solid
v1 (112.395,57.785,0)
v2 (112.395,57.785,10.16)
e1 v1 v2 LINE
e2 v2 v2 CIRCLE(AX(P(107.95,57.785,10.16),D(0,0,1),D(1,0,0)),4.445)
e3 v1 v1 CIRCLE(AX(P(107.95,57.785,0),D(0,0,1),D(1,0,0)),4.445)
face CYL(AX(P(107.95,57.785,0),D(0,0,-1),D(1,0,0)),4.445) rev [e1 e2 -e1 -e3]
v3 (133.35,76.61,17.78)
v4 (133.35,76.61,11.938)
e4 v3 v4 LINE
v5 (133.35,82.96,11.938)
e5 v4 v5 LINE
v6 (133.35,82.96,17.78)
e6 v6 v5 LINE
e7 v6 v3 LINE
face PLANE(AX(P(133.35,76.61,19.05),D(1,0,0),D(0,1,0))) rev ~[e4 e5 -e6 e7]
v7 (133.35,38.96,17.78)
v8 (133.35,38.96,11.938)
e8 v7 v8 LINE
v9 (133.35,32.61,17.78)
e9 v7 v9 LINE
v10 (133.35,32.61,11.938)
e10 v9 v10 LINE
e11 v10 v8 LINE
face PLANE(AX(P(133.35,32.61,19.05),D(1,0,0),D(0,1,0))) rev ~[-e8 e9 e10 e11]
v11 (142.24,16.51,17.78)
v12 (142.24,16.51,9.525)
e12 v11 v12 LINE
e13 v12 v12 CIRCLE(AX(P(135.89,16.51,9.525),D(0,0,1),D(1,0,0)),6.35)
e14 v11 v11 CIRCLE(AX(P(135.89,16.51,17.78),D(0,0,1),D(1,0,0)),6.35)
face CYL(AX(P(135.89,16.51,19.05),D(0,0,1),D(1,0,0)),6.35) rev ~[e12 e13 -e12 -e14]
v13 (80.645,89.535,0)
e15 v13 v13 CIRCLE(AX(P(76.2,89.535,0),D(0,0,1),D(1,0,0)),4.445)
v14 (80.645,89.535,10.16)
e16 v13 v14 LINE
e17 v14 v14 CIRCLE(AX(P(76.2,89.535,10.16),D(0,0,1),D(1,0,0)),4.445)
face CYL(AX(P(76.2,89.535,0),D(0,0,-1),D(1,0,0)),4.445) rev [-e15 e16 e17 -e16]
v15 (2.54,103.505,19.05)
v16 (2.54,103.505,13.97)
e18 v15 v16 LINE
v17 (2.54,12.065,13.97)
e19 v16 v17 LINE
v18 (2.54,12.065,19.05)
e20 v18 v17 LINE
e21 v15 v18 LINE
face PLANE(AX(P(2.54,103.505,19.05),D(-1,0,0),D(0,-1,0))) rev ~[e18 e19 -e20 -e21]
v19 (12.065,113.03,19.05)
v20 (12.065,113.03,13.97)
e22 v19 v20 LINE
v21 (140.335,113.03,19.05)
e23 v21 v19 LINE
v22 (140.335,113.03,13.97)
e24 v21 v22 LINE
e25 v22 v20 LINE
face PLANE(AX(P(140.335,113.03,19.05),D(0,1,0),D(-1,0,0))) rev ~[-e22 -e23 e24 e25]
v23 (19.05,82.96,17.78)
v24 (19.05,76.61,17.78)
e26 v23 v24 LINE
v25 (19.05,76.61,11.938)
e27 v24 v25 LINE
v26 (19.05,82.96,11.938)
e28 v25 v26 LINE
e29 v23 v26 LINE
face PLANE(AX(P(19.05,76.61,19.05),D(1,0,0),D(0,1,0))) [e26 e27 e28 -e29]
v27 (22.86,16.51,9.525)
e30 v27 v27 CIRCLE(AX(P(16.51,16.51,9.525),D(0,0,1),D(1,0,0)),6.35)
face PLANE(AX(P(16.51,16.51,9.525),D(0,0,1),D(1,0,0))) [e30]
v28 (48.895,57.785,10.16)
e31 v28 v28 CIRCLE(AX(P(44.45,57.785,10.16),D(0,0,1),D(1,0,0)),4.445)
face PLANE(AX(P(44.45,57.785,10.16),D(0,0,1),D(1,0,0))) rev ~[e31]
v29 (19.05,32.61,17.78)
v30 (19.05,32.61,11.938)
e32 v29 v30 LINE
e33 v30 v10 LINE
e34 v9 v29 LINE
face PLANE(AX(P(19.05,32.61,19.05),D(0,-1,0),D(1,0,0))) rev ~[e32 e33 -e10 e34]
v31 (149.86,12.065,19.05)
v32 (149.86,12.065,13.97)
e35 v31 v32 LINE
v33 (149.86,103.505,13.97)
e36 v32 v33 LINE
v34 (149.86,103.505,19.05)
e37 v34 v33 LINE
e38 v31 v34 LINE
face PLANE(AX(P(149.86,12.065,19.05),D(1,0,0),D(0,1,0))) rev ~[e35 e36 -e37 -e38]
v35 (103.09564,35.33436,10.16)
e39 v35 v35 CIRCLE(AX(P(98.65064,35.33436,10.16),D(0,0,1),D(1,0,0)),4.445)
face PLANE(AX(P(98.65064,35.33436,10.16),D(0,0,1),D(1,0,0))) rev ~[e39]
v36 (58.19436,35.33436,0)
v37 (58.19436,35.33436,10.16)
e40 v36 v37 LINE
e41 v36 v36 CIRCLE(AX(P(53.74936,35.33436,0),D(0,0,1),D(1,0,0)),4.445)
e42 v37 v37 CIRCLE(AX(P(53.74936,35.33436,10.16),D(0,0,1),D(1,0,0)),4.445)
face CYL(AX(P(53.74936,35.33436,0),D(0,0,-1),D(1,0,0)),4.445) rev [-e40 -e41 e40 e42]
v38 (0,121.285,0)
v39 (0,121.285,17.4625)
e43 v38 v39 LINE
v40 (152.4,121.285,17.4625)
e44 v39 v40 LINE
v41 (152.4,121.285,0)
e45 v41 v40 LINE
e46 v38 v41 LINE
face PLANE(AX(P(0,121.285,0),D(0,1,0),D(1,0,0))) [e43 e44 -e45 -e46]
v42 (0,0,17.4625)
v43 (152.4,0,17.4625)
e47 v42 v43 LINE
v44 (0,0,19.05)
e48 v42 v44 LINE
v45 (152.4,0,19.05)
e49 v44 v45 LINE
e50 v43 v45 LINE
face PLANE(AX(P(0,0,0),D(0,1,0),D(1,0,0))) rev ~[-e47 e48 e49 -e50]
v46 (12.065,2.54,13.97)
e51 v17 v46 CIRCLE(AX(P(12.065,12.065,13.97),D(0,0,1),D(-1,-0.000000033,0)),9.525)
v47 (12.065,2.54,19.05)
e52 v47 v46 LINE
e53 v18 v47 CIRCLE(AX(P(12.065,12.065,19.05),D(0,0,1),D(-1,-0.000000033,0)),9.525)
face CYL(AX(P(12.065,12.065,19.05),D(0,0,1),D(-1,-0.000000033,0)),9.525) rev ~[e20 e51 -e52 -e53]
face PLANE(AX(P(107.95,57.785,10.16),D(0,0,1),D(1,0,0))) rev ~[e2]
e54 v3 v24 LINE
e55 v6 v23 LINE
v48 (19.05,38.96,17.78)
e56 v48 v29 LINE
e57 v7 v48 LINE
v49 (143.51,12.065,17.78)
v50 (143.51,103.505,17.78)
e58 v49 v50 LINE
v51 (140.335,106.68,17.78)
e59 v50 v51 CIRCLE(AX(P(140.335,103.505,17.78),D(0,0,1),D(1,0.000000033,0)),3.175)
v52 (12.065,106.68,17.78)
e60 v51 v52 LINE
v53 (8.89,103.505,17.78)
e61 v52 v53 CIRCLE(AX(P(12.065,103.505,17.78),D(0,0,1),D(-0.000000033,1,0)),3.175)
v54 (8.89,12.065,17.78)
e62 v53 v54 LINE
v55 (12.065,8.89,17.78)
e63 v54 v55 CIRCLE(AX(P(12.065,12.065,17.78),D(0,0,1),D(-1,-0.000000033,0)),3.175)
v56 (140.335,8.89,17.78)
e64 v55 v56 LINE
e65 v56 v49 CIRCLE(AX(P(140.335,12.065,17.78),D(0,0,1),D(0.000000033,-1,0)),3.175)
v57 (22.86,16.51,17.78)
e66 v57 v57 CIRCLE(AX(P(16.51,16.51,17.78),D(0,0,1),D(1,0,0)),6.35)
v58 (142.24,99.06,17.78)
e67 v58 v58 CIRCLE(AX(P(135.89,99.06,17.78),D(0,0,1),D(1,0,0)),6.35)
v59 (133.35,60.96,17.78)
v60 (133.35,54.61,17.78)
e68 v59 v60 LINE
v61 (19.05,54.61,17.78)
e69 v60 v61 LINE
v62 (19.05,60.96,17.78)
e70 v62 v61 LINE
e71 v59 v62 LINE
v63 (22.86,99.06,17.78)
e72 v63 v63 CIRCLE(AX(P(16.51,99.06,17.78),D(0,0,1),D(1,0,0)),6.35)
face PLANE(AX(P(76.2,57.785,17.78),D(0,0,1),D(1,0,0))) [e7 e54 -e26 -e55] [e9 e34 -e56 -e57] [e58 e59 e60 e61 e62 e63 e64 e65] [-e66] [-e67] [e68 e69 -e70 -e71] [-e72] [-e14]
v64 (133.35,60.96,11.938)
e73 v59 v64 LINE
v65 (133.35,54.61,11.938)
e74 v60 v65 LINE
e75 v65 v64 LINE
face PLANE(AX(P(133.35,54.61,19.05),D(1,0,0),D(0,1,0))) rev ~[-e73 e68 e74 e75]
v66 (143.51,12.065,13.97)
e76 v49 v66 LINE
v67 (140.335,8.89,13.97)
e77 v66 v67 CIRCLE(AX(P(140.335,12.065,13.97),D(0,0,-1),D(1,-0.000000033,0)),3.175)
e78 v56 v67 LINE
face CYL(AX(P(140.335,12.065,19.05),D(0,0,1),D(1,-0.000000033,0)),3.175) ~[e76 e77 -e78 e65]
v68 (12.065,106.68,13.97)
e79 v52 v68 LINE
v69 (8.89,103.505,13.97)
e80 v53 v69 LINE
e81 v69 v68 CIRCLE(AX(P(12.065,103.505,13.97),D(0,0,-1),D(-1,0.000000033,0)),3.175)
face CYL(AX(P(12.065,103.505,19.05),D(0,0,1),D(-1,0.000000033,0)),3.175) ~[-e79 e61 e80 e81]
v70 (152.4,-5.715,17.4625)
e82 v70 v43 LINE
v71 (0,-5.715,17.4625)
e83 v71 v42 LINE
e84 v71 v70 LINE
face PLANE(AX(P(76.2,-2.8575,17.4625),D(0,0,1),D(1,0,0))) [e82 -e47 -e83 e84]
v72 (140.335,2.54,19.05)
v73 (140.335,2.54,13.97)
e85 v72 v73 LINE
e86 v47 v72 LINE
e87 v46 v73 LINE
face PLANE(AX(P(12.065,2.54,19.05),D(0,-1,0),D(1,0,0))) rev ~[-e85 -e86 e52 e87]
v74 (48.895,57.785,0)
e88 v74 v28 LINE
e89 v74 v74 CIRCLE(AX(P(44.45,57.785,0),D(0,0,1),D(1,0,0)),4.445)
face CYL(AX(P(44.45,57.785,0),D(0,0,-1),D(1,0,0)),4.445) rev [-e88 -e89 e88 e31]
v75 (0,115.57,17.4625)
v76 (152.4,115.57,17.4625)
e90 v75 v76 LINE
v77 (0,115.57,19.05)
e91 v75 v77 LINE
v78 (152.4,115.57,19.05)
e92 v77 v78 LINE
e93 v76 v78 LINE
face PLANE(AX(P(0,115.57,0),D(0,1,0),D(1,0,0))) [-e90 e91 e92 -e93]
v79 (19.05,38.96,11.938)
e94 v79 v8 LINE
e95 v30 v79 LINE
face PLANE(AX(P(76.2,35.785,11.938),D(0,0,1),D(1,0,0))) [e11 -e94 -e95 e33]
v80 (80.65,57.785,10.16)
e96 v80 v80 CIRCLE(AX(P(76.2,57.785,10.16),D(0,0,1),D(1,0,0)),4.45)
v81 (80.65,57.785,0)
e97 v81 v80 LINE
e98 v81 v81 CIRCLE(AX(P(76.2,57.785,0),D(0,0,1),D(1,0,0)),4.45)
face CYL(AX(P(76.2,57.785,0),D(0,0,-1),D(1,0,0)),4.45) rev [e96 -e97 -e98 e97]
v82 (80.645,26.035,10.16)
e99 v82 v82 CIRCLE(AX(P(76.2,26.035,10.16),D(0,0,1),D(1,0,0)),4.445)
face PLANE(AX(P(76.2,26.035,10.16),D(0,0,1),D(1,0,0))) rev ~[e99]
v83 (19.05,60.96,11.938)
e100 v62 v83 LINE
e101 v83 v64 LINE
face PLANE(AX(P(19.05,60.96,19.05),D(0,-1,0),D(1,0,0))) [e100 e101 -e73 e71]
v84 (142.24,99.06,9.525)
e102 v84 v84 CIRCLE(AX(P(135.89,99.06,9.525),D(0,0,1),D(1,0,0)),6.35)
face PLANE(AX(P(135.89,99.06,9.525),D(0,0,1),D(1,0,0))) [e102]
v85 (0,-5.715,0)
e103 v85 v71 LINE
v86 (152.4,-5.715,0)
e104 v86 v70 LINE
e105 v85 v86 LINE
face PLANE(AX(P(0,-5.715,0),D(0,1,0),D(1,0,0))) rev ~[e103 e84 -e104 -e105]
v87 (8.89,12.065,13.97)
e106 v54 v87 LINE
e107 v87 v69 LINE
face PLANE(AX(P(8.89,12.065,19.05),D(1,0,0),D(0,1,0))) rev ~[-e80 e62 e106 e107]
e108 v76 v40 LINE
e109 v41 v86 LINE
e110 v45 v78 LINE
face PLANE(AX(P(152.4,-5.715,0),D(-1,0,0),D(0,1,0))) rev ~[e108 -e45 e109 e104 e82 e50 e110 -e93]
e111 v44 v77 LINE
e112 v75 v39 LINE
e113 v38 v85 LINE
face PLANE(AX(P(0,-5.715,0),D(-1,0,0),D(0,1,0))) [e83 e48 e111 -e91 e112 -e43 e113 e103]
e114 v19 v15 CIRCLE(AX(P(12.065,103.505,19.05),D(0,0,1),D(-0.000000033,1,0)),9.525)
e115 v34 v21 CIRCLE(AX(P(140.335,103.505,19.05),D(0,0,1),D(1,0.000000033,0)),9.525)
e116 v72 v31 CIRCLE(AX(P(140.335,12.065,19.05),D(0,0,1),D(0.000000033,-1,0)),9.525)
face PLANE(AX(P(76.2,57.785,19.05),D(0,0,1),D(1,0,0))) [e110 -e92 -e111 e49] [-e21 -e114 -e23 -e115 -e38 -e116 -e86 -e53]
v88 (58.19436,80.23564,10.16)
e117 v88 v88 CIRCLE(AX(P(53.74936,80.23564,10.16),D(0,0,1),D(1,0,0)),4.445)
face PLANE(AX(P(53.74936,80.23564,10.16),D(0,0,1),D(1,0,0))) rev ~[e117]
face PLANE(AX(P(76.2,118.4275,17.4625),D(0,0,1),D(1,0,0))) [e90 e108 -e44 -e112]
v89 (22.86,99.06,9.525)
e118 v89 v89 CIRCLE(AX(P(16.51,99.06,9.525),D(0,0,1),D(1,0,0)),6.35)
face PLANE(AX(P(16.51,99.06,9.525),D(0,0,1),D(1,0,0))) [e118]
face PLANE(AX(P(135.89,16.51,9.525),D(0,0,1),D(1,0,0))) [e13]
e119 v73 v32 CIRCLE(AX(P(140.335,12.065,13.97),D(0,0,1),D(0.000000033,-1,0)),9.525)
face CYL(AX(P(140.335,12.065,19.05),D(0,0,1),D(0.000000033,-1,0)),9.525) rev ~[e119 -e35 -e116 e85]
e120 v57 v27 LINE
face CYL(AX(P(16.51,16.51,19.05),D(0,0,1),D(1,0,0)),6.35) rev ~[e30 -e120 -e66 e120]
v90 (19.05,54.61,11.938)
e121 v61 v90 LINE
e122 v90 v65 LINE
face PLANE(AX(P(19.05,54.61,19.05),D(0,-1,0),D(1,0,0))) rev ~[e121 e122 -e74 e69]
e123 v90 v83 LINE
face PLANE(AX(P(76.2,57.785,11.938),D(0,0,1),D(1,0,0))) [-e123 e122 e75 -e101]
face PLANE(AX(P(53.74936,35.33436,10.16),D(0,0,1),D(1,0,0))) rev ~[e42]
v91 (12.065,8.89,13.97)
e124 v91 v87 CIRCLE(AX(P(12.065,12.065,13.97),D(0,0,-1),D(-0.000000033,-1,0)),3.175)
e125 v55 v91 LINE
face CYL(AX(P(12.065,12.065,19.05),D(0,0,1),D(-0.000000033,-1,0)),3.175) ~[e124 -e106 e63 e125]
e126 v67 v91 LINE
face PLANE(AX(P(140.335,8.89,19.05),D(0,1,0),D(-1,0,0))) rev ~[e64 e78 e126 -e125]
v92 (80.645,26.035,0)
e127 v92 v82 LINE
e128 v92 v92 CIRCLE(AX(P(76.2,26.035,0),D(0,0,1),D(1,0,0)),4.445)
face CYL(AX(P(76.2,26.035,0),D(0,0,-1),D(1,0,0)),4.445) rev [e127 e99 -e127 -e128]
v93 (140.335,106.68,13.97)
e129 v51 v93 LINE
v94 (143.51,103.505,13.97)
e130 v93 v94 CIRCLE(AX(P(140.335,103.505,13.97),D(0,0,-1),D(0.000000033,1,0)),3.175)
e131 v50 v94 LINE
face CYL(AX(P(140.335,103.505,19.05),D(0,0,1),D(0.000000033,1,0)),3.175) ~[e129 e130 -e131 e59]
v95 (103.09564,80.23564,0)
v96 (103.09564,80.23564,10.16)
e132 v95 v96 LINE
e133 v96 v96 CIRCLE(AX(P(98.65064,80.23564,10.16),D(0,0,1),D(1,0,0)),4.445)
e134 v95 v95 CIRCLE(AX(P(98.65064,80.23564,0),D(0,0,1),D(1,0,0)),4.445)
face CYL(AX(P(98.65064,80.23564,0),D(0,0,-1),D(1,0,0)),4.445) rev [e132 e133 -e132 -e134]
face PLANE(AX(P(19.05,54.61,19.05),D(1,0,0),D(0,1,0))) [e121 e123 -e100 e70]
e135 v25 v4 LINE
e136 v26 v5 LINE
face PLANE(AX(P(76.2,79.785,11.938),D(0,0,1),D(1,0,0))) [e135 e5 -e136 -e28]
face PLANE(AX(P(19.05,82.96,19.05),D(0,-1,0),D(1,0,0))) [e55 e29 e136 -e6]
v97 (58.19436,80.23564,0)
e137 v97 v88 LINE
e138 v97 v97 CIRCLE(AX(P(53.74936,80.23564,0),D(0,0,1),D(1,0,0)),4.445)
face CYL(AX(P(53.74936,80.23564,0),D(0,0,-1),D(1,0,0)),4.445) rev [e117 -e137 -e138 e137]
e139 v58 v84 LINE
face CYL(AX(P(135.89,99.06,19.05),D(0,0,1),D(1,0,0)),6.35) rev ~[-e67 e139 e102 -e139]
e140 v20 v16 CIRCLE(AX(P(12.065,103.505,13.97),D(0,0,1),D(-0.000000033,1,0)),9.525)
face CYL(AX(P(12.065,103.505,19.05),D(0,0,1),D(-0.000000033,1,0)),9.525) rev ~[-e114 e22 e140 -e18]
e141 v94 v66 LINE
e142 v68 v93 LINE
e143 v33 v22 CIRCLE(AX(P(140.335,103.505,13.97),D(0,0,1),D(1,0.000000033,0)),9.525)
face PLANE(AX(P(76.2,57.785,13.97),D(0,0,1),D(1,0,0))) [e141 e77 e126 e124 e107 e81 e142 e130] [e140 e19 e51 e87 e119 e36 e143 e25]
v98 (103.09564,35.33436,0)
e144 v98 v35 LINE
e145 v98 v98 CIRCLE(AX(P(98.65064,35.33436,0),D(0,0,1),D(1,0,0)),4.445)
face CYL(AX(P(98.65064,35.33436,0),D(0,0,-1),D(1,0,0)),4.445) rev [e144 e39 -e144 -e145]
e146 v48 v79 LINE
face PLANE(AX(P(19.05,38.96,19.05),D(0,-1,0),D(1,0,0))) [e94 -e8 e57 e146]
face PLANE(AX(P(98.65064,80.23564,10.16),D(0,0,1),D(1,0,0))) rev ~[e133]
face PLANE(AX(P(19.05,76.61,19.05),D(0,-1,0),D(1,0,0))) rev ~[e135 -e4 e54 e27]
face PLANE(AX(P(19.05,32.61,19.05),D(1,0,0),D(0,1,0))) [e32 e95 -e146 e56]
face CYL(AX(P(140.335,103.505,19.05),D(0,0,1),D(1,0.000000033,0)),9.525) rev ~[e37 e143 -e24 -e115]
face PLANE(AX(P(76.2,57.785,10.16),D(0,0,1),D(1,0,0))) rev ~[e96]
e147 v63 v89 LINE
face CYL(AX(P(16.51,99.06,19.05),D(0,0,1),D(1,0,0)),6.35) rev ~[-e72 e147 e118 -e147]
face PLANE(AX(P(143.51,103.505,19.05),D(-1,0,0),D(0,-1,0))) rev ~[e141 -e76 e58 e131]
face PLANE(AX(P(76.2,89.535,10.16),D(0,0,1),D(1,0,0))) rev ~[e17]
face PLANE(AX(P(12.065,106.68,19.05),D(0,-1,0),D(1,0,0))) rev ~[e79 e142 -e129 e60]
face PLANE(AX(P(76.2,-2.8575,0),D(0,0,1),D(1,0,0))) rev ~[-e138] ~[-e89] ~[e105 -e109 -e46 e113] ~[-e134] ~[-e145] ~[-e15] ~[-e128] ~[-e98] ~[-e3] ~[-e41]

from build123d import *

# Parameters (mm, degrees)
F0_W      = 152.4
F0_H      = 115.57
F1_DEPTH  = 19.05
F3_DEPTH  = 5.08
F4_W      = 114.3
F4_H      = 6.35
F5_DEPTH  = 7.112
F6_DEPTH  = 0.79375
F7_W      = 152.4
F7_H      = 5.715
F8_DEPTH  = 17.4625
F9_DEPTH  = 1.27
F10_R     = 6.35
F11_DEPTH = 9.525
F12_R     = 4.45
F12_R_2   = 4.445
F13_DEPTH = 10.16


with BuildPart() as f1:
    # F0 (on Top) → F1 (new body)
    with BuildSketch(Plane.XY):
        with Locations((76.2, 57.785)):
            Rectangle(F0_W, F0_H)
    extrude(amount=F1_DEPTH)

    # F2 (on face) → F3 (cut)
    with BuildSketch(Plane.XY.offset(19.05)):
        with BuildLine():
            Line((140.335, 113.03), (12.065, 113.03))
            ThreePointArc((12.065, 113.03), (5.329808, 110.240192), (2.54, 103.505))
            Line((2.54, 103.505), (2.54, 12.065))
            ThreePointArc((2.54, 12.065), (5.329808, 5.329808), (12.065, 2.54))
            Line((12.065, 2.54), (140.335, 2.54))
            ThreePointArc((140.335, 2.54), (147.070192, 5.329808), (149.86, 12.065))
            Line((149.86, 12.065), (149.86, 103.505))
            ThreePointArc((149.86, 103.505), (147.070192, 110.240192), (140.335, 113.03))
        make_face()
        with BuildLine():
            ThreePointArc((8.89, 103.505), (9.819936, 105.750064), (12.065, 106.68))
            Line((12.065, 106.68), (140.335, 106.68))
            ThreePointArc((140.335, 106.68), (142.580064, 105.750064), (143.51, 103.505))
            Line((143.51, 103.505), (143.51, 12.065))
            ThreePointArc((143.51, 12.065), (142.580064, 9.819936), (140.335, 8.89))
            Line((140.335, 8.89), (12.065, 8.89))
            ThreePointArc((12.065, 8.89), (9.819936, 9.819936), (8.89, 12.065))
            Line((8.89, 12.065), (8.89, 103.505))
        make_face(mode=Mode.SUBTRACT)
    extrude(amount=-F3_DEPTH, mode=Mode.SUBTRACT)

    # F4 (on face) → F5 (cut)
    with BuildSketch(Plane.XY.offset(19.05)):
        with Locations((76.2, 57.785)):
            Rectangle(F4_W, F4_H)
        with Locations((76.2, 79.785)):
            Rectangle(F4_W, F4_H)
        with Locations((76.2, 35.785)):
            Rectangle(F4_W, F4_H)
    extrude(amount=-F5_DEPTH, mode=Mode.SUBTRACT)

    # F2 (on face) → F6 (cut)
    with BuildSketch(Plane.XY.offset(19.05)):
        with BuildLine():
            Line((140.335, 106.68), (12.065, 106.68))
            ThreePointArc((12.065, 106.68), (9.819936, 105.750064), (8.89, 103.505))
            Line((8.89, 103.505), (8.89, 12.065))
            ThreePointArc((8.89, 12.065), (9.819936, 9.819936), (12.065, 8.89))
            Line((12.065, 8.89), (140.335, 8.89))
            ThreePointArc((140.335, 8.89), (142.580064, 9.819936), (143.51, 12.065))
            Line((143.51, 12.065), (143.51, 103.505))
            ThreePointArc((143.51, 103.505), (142.580064, 105.750064), (140.335, 106.68))
        make_face()
    extrude(amount=-F6_DEPTH, mode=Mode.SUBTRACT)

    # F7 (on face) → F8 (join)
    with BuildSketch(Plane.XY):
        with Locations((76.2, -2.8575)):
            Rectangle(F7_W, F7_H)
        with Locations((76.2, 118.4275)):
            Rectangle(F7_W, F7_H)
    extrude(amount=F8_DEPTH)

    # F2 (on face) → F9 (cut)
    with BuildSketch(Plane.XY.offset(19.05)):
        with BuildLine():
            Line((140.335, 106.68), (12.065, 106.68))
            ThreePointArc((12.065, 106.68), (9.819936, 105.750064), (8.89, 103.505))
            Line((8.89, 103.505), (8.89, 12.065))
            ThreePointArc((8.89, 12.065), (9.819936, 9.819936), (12.065, 8.89))
            Line((12.065, 8.89), (140.335, 8.89))
            ThreePointArc((140.335, 8.89), (142.580064, 9.819936), (143.51, 12.065))
            Line((143.51, 12.065), (143.51, 103.505))
            ThreePointArc((143.51, 103.505), (142.580064, 105.750064), (140.335, 106.68))
        make_face()
    extrude(amount=-F9_DEPTH, mode=Mode.SUBTRACT)

    # F10 (on face) → F11 (cut)
    with BuildSketch(Plane.XY.offset(19.05)):
        with Locations((16.51, 99.06)):
            Circle(F10_R)
        with Locations((135.89, 99.06)):
            Circle(F10_R)
        with Locations((16.51, 16.51)):
            Circle(F10_R)
        with Locations((135.89, 16.51)):
            Circle(F10_R)
    extrude(amount=-F11_DEPTH, mode=Mode.SUBTRACT)

    # F12 (on face) → F13 (cut)
    with BuildSketch(Plane.XY):
        with Locations((76.2, 57.785)):
            Circle(F12_R)
        with Locations((44.45, 57.785)):
            Circle(F12_R_2)
        with Locations((53.74936, 35.33436)):
            Circle(F12_R_2)
        with Locations((76.2, 26.035)):
            Circle(F12_R_2)
        with Locations((98.65064, 35.33436)):
            Circle(F12_R_2)
        with Locations((107.95, 57.785)):
            Circle(F12_R_2)
        with Locations((98.65064, 80.23564)):
            Circle(F12_R_2)
        with Locations((76.2, 89.535)):
            Circle(F12_R_2)
        with Locations((53.74936, 80.23564)):
            Circle(F12_R_2)
    extrude(amount=F13_DEPTH, mode=Mode.SUBTRACT)


solid = f1.part
